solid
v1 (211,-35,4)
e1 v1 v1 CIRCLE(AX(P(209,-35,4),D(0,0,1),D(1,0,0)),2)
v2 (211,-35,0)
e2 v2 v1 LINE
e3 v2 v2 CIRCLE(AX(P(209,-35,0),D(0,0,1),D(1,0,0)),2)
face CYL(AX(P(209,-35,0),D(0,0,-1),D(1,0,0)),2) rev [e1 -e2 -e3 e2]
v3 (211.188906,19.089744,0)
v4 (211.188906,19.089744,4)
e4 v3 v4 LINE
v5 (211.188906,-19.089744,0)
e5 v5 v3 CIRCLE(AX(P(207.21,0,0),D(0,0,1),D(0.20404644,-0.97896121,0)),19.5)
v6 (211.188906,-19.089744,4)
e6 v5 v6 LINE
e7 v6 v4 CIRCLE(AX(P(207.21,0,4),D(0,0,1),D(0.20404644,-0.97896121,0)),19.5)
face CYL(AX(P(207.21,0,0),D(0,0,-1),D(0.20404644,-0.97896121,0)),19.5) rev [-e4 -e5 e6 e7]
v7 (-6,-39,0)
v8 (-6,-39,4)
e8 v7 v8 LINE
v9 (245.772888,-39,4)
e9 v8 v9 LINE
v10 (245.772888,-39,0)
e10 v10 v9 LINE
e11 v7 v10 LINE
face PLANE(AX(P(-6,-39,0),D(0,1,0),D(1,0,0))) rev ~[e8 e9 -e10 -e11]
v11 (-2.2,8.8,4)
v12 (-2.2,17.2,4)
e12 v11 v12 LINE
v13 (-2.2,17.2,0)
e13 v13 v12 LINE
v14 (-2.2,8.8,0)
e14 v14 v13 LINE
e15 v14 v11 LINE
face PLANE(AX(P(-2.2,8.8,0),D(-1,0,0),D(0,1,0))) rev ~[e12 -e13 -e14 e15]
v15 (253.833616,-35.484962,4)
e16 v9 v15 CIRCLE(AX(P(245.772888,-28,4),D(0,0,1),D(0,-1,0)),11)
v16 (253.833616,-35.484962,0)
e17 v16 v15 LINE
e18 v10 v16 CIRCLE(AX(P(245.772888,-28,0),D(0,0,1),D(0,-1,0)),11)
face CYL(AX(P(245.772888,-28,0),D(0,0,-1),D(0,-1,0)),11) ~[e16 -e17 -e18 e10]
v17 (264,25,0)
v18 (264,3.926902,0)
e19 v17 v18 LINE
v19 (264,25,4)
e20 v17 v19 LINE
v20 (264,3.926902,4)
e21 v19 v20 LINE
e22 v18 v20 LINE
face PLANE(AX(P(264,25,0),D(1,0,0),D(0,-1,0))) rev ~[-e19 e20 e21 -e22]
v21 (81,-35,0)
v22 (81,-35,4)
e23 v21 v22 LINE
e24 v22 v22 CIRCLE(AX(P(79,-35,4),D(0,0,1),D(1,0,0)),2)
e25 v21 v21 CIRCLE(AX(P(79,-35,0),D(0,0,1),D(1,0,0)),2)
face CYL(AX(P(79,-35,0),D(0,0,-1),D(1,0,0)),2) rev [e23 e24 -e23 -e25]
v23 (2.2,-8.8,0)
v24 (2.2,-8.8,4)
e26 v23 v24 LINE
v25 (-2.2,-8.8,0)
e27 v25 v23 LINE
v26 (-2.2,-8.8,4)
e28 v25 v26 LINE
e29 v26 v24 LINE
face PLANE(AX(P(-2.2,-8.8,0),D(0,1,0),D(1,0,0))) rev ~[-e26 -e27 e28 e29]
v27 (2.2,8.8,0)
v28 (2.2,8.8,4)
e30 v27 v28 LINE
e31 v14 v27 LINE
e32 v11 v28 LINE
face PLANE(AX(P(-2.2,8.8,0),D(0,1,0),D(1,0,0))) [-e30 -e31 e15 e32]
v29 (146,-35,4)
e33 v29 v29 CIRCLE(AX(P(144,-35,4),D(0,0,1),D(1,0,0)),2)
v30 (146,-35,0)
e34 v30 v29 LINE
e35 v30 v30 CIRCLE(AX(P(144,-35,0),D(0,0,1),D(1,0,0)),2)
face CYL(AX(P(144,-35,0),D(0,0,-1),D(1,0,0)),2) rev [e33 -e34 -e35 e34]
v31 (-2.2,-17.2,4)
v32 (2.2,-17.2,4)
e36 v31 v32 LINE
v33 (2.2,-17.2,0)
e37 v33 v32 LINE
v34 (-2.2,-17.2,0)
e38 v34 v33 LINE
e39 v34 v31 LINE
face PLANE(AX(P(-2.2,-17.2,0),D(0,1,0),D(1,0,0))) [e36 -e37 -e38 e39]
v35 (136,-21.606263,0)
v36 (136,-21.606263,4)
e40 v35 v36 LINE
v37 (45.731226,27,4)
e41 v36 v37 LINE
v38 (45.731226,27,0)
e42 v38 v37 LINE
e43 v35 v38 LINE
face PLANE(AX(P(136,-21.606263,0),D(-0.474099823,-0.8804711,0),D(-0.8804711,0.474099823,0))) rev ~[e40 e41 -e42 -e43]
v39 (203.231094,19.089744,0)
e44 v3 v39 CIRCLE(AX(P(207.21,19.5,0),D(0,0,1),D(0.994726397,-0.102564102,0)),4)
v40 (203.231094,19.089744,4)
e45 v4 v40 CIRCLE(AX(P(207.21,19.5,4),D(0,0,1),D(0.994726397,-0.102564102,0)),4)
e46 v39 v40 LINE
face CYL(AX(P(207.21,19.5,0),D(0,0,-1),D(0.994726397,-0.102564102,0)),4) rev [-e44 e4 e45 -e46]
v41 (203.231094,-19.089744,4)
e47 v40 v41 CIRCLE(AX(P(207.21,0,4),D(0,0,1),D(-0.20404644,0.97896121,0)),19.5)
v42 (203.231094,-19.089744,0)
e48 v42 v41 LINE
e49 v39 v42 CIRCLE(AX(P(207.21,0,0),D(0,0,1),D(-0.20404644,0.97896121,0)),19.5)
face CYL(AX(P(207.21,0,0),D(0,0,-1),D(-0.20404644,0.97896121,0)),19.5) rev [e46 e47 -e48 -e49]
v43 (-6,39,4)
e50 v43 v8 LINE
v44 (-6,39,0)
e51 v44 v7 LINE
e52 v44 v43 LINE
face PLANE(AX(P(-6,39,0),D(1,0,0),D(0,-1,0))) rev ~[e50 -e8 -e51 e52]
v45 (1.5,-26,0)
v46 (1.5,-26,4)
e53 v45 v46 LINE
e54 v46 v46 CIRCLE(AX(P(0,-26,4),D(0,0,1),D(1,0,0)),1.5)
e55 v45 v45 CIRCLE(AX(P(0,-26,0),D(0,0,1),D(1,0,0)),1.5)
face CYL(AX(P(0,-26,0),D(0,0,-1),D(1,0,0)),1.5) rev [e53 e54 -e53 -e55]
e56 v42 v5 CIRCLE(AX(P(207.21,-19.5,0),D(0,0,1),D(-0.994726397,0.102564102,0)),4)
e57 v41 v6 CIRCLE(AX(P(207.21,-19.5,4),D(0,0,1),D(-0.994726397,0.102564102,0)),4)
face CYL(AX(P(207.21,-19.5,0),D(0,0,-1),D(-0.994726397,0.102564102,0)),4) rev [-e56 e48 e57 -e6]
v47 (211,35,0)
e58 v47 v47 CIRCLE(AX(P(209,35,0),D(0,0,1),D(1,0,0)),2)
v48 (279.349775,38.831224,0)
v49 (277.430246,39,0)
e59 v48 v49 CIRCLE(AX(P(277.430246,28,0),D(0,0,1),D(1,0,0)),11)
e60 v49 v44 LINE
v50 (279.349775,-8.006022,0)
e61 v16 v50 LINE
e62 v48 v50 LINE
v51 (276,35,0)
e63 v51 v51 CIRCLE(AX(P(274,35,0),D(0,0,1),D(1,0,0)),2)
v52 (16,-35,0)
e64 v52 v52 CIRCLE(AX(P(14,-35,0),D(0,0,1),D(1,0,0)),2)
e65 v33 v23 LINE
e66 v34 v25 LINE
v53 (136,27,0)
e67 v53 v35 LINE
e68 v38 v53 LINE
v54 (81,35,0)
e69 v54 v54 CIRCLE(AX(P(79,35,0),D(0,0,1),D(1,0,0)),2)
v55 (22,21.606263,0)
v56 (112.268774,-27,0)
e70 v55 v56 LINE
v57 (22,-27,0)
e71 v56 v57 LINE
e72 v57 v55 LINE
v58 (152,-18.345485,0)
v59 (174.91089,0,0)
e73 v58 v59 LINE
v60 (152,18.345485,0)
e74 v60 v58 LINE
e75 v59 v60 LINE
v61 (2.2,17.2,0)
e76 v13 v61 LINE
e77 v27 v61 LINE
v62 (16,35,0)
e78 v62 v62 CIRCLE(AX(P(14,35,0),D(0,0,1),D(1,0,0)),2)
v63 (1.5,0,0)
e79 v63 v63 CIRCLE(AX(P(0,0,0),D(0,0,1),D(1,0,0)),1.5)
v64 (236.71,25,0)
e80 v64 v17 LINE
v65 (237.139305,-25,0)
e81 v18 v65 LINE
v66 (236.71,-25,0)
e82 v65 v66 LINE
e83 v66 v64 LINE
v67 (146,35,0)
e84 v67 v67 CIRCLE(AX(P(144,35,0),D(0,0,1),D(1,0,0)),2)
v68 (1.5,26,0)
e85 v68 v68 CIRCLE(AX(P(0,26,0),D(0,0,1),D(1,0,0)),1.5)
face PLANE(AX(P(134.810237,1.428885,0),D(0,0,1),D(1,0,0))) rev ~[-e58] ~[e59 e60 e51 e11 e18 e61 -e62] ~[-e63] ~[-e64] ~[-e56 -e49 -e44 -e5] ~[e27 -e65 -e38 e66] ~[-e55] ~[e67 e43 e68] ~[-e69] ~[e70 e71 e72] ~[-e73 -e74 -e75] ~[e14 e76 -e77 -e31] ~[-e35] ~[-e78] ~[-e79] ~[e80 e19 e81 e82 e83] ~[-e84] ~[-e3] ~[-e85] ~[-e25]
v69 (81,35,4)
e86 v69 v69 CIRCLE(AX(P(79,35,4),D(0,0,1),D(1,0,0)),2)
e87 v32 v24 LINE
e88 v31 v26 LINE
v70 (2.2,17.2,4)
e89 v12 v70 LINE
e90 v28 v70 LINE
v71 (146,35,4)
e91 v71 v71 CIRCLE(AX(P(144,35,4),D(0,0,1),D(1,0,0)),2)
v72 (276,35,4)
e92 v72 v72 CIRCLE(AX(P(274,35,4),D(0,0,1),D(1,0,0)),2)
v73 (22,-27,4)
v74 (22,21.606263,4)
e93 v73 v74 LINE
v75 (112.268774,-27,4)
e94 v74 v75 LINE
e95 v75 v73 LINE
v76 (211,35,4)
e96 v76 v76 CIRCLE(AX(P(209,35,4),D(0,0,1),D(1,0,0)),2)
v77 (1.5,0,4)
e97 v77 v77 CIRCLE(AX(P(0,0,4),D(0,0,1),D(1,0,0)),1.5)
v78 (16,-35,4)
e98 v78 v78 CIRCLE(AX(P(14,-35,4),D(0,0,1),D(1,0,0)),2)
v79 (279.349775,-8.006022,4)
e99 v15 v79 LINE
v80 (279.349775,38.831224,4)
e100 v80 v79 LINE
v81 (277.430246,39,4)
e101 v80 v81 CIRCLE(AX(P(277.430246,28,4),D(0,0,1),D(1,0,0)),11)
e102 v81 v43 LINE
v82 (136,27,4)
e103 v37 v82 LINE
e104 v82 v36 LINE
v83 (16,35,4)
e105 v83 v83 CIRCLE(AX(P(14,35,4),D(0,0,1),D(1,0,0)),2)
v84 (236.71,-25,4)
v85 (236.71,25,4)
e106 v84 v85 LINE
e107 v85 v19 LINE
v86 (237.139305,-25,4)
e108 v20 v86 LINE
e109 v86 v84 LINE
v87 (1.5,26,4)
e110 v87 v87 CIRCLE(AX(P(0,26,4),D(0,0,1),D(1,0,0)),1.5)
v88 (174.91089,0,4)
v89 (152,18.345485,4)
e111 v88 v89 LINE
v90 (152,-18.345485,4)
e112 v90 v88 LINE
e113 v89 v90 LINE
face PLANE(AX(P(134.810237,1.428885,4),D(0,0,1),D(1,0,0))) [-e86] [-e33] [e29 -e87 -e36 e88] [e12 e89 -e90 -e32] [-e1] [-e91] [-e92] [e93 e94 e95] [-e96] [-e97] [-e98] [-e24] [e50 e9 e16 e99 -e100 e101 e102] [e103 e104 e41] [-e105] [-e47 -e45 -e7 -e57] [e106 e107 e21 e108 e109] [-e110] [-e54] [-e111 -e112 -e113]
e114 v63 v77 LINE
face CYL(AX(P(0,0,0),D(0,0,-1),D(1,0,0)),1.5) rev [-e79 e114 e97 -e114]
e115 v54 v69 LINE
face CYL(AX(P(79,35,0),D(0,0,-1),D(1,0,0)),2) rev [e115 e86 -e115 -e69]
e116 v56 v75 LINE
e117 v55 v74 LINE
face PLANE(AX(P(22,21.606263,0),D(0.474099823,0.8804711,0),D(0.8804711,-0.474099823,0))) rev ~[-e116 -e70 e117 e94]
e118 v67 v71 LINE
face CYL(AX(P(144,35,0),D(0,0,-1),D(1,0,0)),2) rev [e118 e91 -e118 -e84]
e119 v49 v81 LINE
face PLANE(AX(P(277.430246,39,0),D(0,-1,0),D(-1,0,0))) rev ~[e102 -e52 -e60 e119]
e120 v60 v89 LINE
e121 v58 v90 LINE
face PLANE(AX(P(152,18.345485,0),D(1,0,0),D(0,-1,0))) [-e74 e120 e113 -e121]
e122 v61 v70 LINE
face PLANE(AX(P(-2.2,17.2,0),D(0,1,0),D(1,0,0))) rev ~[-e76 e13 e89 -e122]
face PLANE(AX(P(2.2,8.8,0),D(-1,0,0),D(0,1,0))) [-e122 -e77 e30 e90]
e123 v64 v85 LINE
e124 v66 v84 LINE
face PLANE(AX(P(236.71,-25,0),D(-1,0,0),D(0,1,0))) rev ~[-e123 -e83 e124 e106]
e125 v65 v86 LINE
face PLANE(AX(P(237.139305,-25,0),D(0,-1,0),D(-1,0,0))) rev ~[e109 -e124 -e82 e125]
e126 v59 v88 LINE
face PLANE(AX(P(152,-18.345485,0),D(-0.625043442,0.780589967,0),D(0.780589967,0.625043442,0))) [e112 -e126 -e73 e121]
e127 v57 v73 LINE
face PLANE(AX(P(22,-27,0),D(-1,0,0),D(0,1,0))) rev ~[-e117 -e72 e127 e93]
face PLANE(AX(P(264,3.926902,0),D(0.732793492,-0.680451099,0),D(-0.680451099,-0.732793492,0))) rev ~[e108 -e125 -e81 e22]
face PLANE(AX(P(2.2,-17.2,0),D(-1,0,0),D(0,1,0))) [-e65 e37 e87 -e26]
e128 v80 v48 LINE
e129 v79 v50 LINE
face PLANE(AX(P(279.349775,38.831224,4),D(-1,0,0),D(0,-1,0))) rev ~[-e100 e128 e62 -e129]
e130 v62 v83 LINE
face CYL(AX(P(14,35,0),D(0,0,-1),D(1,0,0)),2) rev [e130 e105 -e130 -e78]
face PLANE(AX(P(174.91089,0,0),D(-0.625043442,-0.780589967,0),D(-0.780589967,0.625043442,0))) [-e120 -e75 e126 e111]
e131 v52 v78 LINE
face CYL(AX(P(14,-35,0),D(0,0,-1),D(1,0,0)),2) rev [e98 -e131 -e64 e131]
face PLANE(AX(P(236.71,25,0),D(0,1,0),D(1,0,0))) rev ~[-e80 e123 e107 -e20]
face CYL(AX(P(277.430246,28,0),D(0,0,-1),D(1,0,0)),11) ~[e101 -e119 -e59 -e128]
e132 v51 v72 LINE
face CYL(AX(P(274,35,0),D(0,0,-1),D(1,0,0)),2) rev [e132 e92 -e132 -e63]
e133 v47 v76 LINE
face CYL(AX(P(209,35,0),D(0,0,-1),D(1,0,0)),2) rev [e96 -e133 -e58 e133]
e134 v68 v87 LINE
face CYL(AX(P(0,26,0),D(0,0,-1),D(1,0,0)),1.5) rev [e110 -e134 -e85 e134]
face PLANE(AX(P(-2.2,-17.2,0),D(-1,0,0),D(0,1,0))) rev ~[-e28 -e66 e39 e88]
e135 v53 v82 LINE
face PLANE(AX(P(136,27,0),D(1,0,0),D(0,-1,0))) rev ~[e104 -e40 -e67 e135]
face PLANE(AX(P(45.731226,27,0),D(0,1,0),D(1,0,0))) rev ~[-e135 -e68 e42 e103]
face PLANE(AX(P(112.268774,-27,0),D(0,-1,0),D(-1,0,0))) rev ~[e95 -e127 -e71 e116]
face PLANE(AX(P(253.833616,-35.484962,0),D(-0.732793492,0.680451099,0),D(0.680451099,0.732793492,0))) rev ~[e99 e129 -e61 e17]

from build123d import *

# Parameters (mm, degrees)
SKETCH_1_R          = 1.5
SKETCH_1_R_2        = 2
SKETCH_1_W          = 4.4
SKETCH_1_H          = 8.4
EXTRUDE_1_DEPTH     = 4
CUT_EXTRUDE_1_DEPTH = 10


with BuildPart() as part:
    # 草图1 → 凸台-拉伸1 (new body)
    with BuildSketch(Plane.XY):
        with BuildLine():
            Line((-6, 39), (-6, -39))
            Line((-6, -39), (245.772887801, -39))
            ThreePointArc((245.772887801, -39), (250.169785399, -38.08301996), (253.833616208, -35.484962093))
            Line((253.833616208, -35.484962093), (285.490974876, -1.392421989))
            ThreePointArc((285.490974876, -1.392421989), (287.669094365, 2.071844423), (288.430246468, 6.092540104))
            Line((288.430246468, 6.092540104), (288.430246468, 28))
            ThreePointArc((288.430246468, 28), (285.208421061, 35.778174593), (277.430246468, 39))
            Line((277.430246468, 39), (-6, 39))
        make_face()
        Circle(SKETCH_1_R, mode=Mode.SUBTRACT)
        with Locations((0, 26)):
            Circle(SKETCH_1_R, mode=Mode.SUBTRACT)
        with Locations((0, -26)):
            Circle(SKETCH_1_R, mode=Mode.SUBTRACT)
        with Locations((274, 35)):
            Circle(SKETCH_1_R_2, mode=Mode.SUBTRACT)
        with Locations((209, 35)):
            Circle(SKETCH_1_R_2, mode=Mode.SUBTRACT)
        with Locations((144, 35)):
            Circle(SKETCH_1_R_2, mode=Mode.SUBTRACT)
        with Locations((79, 35)):
            Circle(SKETCH_1_R_2, mode=Mode.SUBTRACT)
        with Locations((14, 35)):
            Circle(SKETCH_1_R_2, mode=Mode.SUBTRACT)
        with Locations((209, -35)):
            Circle(SKETCH_1_R_2, mode=Mode.SUBTRACT)
        with Locations((144, -35)):
            Circle(SKETCH_1_R_2, mode=Mode.SUBTRACT)
        with Locations((79, -35)):
            Circle(SKETCH_1_R_2, mode=Mode.SUBTRACT)
        with Locations((14, -35)):
            Circle(SKETCH_1_R_2, mode=Mode.SUBTRACT)
        with Locations((0, 13)):
            Rectangle(SKETCH_1_W, SKETCH_1_H, mode=Mode.SUBTRACT)
        with Locations((0, -13)):
            Rectangle(SKETCH_1_W, SKETCH_1_H, mode=Mode.SUBTRACT)
        Polygon((112.268773645, -27), (22, -27), (22, 21.606262732), align=None, mode=Mode.SUBTRACT)
        Polygon((45.731226355, 27), (136, 27), (136, -21.606262732), align=None, mode=Mode.SUBTRACT)
        Polygon((152, 18.345484713), (152, -18.345484713), (174.910889623, 0), align=None, mode=Mode.SUBTRACT)
        Polygon((236.71, -25), (236.71, 25), (264, 25), (264, 3.926902442), (237.139304875, -25), align=None, mode=Mode.SUBTRACT)
        with BuildLine():
            ThreePointArc((203.231094412, 19.08974359), (187.71, 0), (203.231094412, -19.08974359))
            ThreePointArc((203.231094412, -19.08974359), (207.21, -23.5), (211.188905588, -19.08974359))
            ThreePointArc((211.188905588, -19.08974359), (226.71, 0), (211.188905588, 19.08974359))
            ThreePointArc((211.188905588, 19.08974359), (207.21, 23.5), (203.231094412, 19.08974359))
        make_face(mode=Mode.SUBTRACT)
    extrude(amount=EXTRUDE_1_DEPTH)

    # 草图2 → 切除-拉伸1 (cut)
    with BuildSketch(Plane.XY.offset(4)):
        Polygon((279.349775131, 38.831223833), (279.349775131, -8.006021715), (315.852962883, -9.139766663), (310.030210466, 44.302513286), align=None)
    extrude(amount=-CUT_EXTRUDE_1_DEPTH, mode=Mode.SUBTRACT)


solid = part.part
